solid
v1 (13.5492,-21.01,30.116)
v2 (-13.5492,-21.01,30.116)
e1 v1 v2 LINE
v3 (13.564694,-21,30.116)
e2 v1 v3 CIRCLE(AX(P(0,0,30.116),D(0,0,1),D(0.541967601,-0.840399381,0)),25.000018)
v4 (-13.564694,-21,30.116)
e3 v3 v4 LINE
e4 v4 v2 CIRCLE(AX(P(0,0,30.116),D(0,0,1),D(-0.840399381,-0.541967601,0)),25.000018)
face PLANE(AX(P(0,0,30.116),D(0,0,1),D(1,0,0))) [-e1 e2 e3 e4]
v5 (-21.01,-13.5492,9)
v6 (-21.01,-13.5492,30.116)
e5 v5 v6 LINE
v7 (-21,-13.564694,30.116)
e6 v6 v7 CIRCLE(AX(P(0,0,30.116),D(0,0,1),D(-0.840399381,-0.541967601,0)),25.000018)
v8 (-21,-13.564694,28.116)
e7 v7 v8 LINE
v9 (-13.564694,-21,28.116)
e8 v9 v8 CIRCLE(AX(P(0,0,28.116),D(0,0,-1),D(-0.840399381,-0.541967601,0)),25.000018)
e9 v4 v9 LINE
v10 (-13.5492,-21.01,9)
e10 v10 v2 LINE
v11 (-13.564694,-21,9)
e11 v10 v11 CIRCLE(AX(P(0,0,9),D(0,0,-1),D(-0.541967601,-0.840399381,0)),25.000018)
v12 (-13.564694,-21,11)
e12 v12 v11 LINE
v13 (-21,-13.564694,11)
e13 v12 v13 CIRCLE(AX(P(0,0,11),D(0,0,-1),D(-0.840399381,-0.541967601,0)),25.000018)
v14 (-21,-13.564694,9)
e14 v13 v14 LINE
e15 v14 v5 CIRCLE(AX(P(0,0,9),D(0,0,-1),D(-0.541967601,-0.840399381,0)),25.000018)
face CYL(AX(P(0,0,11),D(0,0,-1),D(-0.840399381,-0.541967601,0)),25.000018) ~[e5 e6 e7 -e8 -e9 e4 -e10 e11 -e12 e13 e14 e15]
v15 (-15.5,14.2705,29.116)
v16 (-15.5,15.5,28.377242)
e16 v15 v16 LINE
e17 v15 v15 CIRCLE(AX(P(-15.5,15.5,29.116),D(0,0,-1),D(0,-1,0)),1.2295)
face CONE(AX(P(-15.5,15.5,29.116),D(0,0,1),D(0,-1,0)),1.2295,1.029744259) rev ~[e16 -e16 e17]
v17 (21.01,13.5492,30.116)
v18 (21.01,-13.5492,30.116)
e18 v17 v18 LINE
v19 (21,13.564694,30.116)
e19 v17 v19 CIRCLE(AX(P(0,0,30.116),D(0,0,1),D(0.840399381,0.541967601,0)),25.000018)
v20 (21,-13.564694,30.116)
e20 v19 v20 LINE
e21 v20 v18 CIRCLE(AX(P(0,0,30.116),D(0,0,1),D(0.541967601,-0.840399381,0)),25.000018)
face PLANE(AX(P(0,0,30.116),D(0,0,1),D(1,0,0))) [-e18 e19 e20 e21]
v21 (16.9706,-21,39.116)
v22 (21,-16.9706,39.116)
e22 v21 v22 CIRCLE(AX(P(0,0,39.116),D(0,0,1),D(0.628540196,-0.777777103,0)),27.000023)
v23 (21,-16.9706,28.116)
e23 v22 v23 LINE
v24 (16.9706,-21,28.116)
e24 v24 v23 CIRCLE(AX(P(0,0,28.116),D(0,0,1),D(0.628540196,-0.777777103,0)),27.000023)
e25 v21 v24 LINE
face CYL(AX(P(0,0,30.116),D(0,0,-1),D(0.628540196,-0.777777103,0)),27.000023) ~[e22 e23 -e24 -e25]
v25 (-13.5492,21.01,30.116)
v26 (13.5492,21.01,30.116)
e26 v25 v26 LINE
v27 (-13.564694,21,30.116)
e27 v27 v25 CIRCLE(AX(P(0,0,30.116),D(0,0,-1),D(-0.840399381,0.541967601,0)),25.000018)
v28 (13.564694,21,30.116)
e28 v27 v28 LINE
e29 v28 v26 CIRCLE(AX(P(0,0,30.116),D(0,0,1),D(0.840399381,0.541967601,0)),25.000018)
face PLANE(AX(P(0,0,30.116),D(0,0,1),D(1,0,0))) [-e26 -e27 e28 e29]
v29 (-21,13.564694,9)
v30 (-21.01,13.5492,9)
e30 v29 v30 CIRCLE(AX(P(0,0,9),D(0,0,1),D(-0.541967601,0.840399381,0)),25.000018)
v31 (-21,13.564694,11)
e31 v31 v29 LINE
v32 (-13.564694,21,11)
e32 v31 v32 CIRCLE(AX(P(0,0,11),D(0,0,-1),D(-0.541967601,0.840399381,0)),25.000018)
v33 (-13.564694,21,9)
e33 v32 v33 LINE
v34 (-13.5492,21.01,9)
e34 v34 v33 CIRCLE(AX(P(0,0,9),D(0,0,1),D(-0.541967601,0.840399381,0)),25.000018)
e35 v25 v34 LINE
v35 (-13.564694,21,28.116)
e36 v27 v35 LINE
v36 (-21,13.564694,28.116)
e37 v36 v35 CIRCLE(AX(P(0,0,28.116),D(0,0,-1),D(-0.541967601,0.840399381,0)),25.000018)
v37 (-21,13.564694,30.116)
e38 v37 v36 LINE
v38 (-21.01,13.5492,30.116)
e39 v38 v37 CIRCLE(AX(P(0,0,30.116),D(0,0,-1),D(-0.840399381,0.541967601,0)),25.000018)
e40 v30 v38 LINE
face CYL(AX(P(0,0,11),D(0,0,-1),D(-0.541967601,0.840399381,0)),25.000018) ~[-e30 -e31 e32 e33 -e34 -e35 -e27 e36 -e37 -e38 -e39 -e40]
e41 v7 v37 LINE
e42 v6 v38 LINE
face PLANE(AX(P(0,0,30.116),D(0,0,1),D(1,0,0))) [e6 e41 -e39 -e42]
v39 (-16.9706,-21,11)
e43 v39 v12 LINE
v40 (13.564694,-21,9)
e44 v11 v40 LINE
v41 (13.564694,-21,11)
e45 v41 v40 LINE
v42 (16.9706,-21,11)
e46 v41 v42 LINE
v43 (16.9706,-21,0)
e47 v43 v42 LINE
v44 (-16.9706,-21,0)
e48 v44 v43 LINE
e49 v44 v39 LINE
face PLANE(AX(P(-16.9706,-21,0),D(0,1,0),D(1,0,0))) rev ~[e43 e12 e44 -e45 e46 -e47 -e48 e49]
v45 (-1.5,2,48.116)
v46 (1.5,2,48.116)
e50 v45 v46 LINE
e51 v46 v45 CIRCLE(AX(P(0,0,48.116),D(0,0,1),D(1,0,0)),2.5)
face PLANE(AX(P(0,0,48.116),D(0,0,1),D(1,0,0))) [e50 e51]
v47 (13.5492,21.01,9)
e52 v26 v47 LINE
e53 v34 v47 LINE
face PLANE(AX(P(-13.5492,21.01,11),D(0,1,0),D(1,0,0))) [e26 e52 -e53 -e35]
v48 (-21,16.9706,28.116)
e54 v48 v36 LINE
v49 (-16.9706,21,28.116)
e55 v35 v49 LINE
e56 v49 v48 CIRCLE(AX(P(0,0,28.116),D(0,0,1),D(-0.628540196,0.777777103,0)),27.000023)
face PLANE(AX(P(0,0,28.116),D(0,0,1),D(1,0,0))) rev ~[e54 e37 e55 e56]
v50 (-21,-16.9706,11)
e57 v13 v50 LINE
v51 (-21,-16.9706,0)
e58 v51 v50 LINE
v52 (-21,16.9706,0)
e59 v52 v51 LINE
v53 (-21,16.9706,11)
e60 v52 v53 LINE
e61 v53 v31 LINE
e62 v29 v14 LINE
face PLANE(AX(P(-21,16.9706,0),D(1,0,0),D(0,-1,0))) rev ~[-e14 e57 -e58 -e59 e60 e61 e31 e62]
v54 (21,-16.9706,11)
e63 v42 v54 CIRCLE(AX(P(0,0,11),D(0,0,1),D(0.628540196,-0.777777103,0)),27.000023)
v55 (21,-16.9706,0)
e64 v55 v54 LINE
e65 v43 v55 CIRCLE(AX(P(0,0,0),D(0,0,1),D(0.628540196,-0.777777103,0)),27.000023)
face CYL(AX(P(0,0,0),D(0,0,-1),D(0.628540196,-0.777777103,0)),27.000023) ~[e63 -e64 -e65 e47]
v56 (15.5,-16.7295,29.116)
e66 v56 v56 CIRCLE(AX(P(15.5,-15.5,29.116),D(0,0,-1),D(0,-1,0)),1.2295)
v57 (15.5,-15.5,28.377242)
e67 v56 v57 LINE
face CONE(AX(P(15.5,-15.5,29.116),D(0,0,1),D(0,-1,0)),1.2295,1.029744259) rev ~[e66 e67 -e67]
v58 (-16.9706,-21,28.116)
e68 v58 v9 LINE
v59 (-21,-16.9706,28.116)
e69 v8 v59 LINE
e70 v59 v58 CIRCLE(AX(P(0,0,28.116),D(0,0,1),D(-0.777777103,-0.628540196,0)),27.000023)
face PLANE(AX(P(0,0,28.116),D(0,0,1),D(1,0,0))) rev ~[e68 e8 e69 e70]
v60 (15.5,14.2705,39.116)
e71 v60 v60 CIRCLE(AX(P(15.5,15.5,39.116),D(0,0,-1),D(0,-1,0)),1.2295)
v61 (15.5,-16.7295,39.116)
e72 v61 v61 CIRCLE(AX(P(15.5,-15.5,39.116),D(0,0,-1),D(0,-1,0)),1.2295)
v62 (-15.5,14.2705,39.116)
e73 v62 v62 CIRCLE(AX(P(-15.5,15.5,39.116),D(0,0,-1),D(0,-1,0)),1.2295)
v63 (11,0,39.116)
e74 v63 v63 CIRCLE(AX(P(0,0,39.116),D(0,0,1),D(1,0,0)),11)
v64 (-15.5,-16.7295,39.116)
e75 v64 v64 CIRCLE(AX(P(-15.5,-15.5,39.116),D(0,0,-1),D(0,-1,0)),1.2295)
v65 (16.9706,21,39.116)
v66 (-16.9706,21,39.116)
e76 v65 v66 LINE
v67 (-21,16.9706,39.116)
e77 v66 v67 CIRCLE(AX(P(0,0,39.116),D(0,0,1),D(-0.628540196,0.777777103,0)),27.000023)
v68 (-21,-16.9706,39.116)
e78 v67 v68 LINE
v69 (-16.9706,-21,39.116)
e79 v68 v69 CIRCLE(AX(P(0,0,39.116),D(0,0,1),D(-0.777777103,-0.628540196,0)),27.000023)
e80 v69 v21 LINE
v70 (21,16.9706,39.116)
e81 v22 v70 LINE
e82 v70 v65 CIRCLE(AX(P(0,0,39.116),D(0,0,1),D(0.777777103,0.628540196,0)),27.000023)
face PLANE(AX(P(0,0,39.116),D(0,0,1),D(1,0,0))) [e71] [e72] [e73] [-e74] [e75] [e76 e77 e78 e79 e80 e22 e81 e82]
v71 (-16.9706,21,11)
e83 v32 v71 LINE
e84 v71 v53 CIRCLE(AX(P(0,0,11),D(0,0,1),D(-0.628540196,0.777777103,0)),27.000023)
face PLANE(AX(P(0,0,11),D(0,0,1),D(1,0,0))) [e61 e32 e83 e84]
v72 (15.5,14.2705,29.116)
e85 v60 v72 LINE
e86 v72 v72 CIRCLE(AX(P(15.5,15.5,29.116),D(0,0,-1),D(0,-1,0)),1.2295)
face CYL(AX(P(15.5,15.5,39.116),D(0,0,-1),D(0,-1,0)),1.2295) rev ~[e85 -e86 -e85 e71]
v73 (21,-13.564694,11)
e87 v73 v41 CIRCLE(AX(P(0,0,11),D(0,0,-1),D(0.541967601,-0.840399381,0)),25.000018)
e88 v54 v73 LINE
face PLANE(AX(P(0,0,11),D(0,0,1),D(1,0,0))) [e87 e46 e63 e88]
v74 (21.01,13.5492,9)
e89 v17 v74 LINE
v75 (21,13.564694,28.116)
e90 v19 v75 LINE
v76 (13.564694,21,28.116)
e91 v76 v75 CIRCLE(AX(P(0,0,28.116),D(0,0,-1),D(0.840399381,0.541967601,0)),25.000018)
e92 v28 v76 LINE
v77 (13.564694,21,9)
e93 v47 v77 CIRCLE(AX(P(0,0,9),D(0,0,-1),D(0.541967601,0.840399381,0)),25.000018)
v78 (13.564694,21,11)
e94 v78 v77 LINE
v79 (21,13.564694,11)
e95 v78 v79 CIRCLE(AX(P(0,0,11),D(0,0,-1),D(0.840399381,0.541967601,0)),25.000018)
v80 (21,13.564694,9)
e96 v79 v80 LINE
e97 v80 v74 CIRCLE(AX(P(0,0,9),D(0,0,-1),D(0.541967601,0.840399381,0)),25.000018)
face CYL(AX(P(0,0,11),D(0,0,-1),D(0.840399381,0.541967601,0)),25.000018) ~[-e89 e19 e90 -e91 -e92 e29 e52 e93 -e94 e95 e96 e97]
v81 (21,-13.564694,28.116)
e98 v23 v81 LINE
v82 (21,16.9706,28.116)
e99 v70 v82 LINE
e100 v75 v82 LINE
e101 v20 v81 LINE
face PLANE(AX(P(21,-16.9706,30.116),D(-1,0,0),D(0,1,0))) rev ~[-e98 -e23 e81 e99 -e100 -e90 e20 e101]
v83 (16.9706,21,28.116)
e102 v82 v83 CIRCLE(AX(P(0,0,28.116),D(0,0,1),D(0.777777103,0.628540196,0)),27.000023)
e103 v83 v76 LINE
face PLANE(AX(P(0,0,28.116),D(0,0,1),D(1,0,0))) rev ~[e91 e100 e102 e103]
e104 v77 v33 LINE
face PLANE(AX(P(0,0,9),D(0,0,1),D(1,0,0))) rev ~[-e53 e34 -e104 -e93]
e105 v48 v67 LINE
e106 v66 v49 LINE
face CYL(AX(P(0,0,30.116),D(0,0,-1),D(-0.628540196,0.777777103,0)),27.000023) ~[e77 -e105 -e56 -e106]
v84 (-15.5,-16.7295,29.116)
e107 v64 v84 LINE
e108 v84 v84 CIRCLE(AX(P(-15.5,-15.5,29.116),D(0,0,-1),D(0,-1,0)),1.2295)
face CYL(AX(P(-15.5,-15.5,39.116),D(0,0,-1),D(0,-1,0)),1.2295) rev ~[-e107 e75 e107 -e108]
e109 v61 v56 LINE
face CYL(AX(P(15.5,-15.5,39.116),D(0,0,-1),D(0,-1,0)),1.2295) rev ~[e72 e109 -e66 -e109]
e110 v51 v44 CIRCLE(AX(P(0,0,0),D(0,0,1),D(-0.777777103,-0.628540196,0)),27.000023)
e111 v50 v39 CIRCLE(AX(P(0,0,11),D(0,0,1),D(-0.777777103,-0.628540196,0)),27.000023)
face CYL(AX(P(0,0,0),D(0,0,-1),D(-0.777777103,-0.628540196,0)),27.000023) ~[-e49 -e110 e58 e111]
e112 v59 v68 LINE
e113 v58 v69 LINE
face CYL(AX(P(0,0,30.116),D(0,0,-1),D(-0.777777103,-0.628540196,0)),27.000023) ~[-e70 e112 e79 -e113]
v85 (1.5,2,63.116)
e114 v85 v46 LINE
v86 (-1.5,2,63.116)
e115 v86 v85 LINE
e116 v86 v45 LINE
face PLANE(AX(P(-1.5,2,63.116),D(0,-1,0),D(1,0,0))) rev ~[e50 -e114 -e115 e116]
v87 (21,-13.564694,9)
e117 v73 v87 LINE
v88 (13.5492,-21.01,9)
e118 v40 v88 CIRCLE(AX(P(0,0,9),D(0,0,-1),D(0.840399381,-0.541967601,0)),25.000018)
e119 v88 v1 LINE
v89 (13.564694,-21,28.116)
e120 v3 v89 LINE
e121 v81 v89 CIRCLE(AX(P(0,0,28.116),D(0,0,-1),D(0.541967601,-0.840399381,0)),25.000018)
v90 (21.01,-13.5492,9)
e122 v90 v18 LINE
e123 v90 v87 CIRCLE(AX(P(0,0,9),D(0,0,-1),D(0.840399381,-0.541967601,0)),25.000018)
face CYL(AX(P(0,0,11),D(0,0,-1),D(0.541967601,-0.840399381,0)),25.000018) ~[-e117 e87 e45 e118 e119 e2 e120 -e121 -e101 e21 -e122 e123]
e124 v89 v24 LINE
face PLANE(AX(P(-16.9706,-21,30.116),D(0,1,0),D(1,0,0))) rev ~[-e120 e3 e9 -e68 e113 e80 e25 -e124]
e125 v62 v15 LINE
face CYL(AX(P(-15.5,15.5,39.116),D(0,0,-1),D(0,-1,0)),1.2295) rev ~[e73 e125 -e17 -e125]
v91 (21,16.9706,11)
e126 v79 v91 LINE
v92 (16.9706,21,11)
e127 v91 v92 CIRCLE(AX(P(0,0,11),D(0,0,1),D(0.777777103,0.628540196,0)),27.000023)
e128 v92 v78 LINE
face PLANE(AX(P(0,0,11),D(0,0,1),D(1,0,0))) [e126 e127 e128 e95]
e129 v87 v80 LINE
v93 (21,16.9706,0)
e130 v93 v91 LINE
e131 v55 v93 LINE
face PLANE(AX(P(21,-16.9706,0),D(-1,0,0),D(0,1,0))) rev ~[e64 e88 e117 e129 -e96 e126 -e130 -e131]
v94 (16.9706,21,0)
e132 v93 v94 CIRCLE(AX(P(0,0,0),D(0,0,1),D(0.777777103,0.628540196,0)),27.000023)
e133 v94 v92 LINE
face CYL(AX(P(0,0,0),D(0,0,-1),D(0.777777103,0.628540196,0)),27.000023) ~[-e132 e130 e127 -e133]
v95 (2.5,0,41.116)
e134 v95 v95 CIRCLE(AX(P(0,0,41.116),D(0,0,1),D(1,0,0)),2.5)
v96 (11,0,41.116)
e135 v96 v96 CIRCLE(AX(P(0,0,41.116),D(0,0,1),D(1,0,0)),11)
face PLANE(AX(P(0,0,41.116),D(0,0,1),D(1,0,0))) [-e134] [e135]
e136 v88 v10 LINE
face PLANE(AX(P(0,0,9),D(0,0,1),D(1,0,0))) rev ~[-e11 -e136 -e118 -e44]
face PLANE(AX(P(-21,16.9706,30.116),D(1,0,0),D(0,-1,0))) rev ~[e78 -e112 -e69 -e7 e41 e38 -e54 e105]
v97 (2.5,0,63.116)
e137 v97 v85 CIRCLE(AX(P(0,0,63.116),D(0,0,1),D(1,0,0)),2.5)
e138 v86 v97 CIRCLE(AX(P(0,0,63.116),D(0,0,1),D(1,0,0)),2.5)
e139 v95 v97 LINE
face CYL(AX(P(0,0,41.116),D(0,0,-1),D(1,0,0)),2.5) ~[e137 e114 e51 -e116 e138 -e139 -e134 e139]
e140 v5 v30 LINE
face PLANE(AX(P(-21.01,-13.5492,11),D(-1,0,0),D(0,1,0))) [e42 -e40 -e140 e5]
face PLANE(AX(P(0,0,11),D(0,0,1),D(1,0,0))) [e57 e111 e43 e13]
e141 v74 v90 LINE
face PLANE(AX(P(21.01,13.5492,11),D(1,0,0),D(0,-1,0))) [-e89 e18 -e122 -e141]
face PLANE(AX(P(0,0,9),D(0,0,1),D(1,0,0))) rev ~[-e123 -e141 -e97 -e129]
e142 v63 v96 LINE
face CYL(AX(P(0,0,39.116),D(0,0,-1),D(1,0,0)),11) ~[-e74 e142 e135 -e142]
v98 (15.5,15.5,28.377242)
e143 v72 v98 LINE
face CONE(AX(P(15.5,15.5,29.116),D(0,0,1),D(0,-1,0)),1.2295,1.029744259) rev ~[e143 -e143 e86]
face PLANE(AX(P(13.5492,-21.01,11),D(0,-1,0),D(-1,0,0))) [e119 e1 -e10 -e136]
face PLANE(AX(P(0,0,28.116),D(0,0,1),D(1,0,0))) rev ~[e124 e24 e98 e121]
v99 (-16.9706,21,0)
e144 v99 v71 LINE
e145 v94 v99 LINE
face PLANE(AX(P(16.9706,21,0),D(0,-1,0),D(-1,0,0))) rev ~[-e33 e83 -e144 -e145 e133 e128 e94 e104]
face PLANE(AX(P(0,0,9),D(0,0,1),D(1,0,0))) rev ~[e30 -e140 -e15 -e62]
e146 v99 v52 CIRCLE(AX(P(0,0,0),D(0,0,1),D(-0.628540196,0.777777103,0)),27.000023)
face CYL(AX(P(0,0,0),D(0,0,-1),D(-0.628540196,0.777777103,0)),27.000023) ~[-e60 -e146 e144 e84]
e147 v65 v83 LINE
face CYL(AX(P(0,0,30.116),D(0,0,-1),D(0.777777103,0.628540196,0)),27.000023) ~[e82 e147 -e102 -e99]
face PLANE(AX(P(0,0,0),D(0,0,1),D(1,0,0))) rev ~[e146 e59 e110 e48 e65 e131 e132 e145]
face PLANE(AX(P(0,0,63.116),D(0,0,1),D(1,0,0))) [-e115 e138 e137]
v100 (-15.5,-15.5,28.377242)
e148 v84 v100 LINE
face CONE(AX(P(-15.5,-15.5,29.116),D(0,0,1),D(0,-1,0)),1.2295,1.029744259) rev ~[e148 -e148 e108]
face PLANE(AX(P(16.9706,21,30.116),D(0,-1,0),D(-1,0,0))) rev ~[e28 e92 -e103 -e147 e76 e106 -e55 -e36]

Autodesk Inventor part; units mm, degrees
ref_plane "YZ Plane" through (0, 0, 0) normal (1, 0, 0) x (0, 1, 0)
ref_plane "XZ Plane" through (0, 0, 0) normal (0, 1, 0) x (-1, 0, 0)
ref_plane "XY Plane" through (0, 0, 0) normal (0, 0, 1) x (1, 0, 0)
sketch "Sketch1" plane through (0, 0, 0) normal (0, 0, 1) x (1, 0, 0)
  line L0 (-21, 21) -> (21, 21) construction
  line L1 (21, 21) -> (21, -21) construction
  line L2 (21, -21) -> (-21, -21) construction
  line L3 (-21, -21) -> (-21, 21) construction
  line L4 (-21, 16.9706) -> (-21, -16.9706)
  line L5 (-16.9706, -21) -> (16.9706, -21)
  line L6 (21, -16.9706) -> (21, 16.9706)
  line L7 (16.9706, 21) -> (-16.9706, 21)
  arc A0 (-16.9706, 21) -> (-21, 16.9706) centre (0, 0) ccw
  arc A1 (-21, -16.9706) -> (-16.9706, -21) centre (0, 0) ccw
  arc A2 (16.9706, -21) -> (21, -16.9706) centre (0, 0) ccw
  arc A3 (21, 16.9706) -> (16.9706, 21) centre (0, 0) ccw
  dimension "d0" = 42
  dimension "d3" = 27
extrude "Extrusion1" add sketch "Sketch1" along normal blind 11
sketch "Sketch2" plane through (0, 0, 11) normal (0, 0, 1) x (1, 0, 0)
  line L0 (-21, 16.9706) -> (-21, -16.9706) projected
  arc A0 (-21, -16.9706) -> (-16.9706, -21) centre (0, 0) ccw projected
  line L1 (-16.9706, -21) -> (16.9706, -21) projected
  arc A1 (16.9706, -21) -> (21, -16.9706) centre (0, 0) ccw projected
  line L2 (21, -16.9706) -> (21, 16.9706) projected
  arc A2 (21, 16.9706) -> (16.9706, 21) centre (0, 0) ccw projected
  line L3 (16.9706, 21) -> (-16.9706, 21) projected
  arc A3 (-16.9706, 21) -> (-21, 16.9706) centre (0, 0) ccw projected
  line L4 (-16.9741, 21.01) -> (16.9741, 21.01)
  arc A4 (21.01, 16.9741) -> (16.9741, 21.01) centre (0, 0) ccw
  line L5 (21.01, 16.9741) -> (21.01, -16.9741)
  arc A5 (16.9741, -21.01) -> (21.01, -16.9741) centre (0, 0) ccw
  line L6 (16.9741, -21.01) -> (-16.9741, -21.01)
  arc A6 (-21.01, -16.9741) -> (-16.9741, -21.01) centre (0, 0) ccw
  line L7 (-21.01, -16.9741) -> (-21.01, 16.9741)
  arc A7 (-16.9741, 21.01) -> (-21.01, 16.9741) centre (0, 0) ccw
  arc A8 (-13.5492, 21.01) -> (-21.01, 13.5492) centre (0, 0) ccw
  arc A9 (-21.01, -13.5492) -> (-13.5492, -21.01) centre (0, 0) ccw
  arc A10 (13.5492, -21.01) -> (21.01, -13.5492) centre (0, 0) ccw
  arc A11 (21.01, 13.5492) -> (13.5492, 21.01) centre (0, 0) ccw
  dimension "d6" = 25
  dimension "d8" = 0.01
extrude "Extrusion2" add sketch "Sketch2" along normal blind 19.116 and the other way blind 2 contours A8 L3 A11 L2 A10 L1 A9 L0 | L0 A9 L7 A8 | A8 L4 A11 L3 | L1 A10 L6 A9 | A11 L5 A10 L2
sketch "Sketch3" plane through (0, 0, 30.116) normal (0, 0, 1) x (1, 0, 0)
  line L0 (-21, 16.9706) -> (-21, -16.9706) projected
  arc A0 (-16.9706, 21) -> (-21, 16.9706) centre (0, 0) ccw projected
  line L1 (16.9706, 21) -> (-16.9706, 21) projected
  arc A1 (21, 16.9706) -> (16.9706, 21) centre (0, 0) ccw projected
  line L2 (21, -16.9706) -> (21, 16.9706) projected
  arc A2 (16.9706, -21) -> (21, -16.9706) centre (0, 0) ccw projected
  line L3 (-16.9706, -21) -> (16.9706, -21) projected
  arc A3 (-21, -16.9706) -> (-16.9706, -21) centre (0, 0) ccw projected
extrude "Extrusion3" add sketch "Sketch3" along normal blind 9 and the other way blind 2
sketch "Sketch4" plane through (0, 0, 39.116) normal (0, 0, 1) x (1, 0, 0)
  arc A0 (-16.9706, 21) -> (-21, 16.9706) centre (0, 0) ccw projected
  circle A1 centre (0, 0) radius 11
  dimension "d17" = 22
extrude "Extrusion4" add sketch "Sketch4" along normal blind 2
sketch "Sketch5" plane through (0, 0, 41.116) normal (0, 0, 1) x (1, 0, 0)
  circle A0 centre (0, 0) radius 11 projected
  circle A1 centre (0, 0) radius 2.5
  dimension "d21" = 5
extrude "Extrusion5" add sketch "Sketch5" along normal blind 22 contours A1
sketch "Sketch6" plane through (0, 0, 63.116) normal (0, 0, 1) x (1, 0, 0)
  circle A0 centre (0, 0) radius 2.5 projected
  line L0 (-1.5, 2) -> (1.5, 2)
  dimension "d25" = 2
extrude "Extrusion6" cut sketch "Sketch6" against normal blind 15 contours L0 A0 picked at (-0.3466, 2.0912)
sketch "Sketch7" plane through (0, 0, 39.116) normal (0, 0, 1) x (1, 0, 0)
  arc A0 (-16.9706, 21) -> (-21, 16.9706) centre (0, 0) ccw projected
  line L0 (-15.5, 15.5) -> (15.5, 15.5)
  line L1 (15.5, 15.5) -> (15.5, -15.5)
  line L2 (15.5, -15.5) -> (-15.5, -15.5)
  line L3 (-15.5, -15.5) -> (-15.5, 15.5)
  dimension "d28" = 31
hole "Hole1" at (15.5, 15.5, 39.116) at (15.5, -15.5, 39.116) at (-15.5, -15.5, 39.116) at (-15.5, 15.5, 39.116) direction (0, 0, -1) diameter 2.459 depth 10 tip angle 118 thread size "M3x0.5" class "6H" standard "ISO Metric profile"
properties part number "stepper"
